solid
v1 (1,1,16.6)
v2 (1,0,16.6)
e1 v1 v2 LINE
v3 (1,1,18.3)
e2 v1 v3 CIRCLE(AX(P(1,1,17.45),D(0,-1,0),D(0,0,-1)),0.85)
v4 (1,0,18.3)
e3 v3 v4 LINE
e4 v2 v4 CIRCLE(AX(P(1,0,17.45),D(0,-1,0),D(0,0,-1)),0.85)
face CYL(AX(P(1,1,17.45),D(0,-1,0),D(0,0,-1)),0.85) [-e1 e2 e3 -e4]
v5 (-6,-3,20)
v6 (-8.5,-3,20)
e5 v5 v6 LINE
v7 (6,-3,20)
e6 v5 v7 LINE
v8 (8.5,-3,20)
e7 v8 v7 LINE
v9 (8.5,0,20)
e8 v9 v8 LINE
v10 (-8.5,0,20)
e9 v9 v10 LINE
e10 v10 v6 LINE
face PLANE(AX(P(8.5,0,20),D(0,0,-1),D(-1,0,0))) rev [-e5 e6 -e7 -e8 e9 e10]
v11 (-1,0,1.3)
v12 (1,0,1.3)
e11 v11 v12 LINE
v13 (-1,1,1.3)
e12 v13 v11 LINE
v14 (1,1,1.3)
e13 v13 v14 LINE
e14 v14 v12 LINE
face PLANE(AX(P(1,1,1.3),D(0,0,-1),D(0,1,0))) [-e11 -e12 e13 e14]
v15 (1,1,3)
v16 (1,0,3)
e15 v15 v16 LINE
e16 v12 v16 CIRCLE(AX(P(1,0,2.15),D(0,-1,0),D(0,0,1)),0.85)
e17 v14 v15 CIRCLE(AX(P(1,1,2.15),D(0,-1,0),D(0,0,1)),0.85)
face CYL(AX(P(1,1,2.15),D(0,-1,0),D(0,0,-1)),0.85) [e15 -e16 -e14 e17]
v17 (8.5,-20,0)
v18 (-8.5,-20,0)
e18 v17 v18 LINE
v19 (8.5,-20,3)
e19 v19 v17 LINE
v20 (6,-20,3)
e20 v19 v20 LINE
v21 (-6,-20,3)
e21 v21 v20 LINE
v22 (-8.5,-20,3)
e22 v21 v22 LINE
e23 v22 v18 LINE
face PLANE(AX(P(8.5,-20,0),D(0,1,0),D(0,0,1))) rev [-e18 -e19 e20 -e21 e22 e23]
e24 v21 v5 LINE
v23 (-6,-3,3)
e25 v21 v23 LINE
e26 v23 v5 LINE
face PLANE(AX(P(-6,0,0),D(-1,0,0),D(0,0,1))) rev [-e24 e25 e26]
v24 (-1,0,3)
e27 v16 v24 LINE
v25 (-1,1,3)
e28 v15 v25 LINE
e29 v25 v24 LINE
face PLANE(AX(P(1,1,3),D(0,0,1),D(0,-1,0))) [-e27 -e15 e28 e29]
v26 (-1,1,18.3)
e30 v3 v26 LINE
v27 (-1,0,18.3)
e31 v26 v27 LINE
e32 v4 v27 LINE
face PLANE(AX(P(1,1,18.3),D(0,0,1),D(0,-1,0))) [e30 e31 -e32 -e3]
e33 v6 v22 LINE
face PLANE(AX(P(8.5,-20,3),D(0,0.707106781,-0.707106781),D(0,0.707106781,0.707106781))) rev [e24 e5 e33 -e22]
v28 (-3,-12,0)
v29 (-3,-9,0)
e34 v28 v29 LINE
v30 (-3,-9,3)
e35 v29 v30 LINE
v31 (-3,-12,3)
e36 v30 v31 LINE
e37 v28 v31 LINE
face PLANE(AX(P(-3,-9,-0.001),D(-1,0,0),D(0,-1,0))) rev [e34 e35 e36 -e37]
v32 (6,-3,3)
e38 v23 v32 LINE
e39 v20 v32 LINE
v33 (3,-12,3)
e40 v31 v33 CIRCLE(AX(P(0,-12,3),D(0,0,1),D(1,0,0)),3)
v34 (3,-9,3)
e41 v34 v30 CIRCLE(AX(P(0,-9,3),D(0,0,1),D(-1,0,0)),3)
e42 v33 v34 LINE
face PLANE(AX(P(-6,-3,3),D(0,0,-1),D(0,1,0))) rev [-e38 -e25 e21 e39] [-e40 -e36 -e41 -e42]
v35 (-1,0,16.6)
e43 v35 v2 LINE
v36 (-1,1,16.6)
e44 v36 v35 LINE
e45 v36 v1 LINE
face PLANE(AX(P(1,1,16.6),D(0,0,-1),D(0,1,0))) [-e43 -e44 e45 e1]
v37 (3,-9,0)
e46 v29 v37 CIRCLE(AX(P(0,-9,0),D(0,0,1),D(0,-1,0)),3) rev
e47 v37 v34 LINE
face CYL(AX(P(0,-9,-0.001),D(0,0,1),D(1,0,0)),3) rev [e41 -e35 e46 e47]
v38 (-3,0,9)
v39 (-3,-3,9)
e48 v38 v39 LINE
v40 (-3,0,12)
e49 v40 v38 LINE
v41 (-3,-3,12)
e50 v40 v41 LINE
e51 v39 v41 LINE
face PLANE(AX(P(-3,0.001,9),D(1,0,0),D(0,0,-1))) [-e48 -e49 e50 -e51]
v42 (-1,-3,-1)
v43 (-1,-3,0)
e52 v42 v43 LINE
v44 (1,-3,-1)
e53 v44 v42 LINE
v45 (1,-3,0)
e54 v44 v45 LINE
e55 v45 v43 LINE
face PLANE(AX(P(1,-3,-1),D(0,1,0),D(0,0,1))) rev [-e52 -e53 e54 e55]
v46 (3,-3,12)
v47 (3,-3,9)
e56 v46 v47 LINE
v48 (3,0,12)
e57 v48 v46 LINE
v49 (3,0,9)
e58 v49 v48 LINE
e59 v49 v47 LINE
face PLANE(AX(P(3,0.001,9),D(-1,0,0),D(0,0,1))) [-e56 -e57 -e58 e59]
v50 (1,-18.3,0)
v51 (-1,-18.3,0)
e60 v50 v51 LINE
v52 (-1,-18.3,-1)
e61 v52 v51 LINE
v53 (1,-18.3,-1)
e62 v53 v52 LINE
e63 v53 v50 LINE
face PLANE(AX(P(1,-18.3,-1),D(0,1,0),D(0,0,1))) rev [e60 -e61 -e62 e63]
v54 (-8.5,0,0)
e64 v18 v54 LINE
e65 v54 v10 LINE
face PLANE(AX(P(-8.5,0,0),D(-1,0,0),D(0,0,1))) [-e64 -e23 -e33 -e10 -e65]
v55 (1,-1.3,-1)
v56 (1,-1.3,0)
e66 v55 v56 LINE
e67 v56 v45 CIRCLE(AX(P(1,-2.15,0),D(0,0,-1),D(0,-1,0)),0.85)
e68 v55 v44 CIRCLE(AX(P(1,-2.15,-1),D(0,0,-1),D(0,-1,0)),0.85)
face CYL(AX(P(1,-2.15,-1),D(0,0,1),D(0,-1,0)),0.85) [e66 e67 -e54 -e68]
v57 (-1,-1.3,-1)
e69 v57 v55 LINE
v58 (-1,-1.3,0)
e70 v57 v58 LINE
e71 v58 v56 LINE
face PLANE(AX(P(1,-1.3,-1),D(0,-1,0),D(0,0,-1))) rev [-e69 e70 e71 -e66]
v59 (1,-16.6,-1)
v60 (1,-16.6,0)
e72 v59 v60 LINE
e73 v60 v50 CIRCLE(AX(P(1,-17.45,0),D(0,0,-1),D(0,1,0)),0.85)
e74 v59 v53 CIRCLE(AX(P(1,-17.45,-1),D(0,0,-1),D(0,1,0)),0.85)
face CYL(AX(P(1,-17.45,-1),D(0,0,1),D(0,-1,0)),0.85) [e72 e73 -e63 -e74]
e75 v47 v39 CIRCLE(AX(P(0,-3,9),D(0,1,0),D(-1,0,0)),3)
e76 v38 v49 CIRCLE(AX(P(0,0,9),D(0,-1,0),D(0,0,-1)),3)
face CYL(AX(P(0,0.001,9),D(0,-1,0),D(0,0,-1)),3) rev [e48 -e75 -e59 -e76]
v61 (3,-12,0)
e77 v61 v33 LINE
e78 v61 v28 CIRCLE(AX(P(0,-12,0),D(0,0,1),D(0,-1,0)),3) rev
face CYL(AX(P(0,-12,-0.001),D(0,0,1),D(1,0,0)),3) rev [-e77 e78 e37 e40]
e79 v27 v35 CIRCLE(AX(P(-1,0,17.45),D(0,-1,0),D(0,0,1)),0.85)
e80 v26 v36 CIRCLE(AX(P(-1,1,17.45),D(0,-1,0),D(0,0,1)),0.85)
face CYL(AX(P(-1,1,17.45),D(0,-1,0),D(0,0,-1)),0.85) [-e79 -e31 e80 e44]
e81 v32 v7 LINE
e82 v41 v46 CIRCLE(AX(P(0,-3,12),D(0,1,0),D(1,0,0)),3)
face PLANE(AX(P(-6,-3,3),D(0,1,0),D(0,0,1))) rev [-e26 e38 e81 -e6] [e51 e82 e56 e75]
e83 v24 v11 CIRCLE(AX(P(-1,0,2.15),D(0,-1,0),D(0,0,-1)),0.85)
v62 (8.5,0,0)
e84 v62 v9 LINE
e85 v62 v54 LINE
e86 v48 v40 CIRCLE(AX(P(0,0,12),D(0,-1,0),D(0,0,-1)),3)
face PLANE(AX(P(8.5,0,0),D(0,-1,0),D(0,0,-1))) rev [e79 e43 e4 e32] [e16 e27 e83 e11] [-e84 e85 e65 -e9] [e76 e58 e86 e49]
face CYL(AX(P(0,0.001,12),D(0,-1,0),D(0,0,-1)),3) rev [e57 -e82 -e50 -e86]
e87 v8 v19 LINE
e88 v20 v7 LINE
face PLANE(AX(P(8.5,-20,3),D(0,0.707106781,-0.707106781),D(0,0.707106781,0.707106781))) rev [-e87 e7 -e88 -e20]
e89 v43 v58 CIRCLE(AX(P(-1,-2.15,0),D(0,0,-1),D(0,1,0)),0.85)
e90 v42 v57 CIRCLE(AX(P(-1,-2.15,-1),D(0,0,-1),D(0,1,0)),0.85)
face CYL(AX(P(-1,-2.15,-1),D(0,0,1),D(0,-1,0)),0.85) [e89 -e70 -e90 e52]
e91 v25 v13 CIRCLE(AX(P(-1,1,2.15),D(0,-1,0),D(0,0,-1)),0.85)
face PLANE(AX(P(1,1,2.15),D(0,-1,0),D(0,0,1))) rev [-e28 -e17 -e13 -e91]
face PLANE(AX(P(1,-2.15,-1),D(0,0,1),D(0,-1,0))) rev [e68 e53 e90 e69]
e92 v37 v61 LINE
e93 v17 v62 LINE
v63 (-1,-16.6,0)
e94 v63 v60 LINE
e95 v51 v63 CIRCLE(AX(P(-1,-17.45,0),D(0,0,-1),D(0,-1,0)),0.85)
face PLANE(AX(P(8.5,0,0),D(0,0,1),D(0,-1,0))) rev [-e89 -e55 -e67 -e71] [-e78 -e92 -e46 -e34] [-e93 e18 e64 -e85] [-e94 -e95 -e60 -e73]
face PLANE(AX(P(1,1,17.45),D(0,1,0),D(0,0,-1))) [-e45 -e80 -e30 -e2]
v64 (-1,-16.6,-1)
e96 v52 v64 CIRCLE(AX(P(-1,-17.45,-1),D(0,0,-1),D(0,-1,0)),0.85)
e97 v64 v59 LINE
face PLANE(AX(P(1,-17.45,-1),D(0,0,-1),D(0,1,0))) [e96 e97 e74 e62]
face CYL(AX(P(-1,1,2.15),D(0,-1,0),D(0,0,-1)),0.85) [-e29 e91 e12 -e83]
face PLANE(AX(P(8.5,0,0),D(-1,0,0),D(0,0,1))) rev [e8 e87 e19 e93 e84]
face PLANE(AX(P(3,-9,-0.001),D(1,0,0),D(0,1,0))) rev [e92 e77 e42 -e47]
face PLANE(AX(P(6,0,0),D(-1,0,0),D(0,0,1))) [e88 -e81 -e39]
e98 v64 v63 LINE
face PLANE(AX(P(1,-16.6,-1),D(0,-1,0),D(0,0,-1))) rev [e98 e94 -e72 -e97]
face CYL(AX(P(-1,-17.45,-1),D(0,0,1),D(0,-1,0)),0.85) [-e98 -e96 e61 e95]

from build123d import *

# Parameters (mm, degrees)
BOSS_EXTRUDE1_DEPTH = 8.5
SKETCH2_W           = 17
SKETCH2_H           = 17
CUT_EXTRUDE1_DEPTH  = 6
CUT_EXTRUDE2_DEPTH  = 3
BOSS_EXTRUDE2_DEPTH = 1


with BuildPart() as part:
    # Sketch1 → Boss-Extrude1 (new body, symmetric)
    with BuildSketch(Plane(origin=(0, 0, 0), x_dir=(0, 0, -1), z_dir=(1, 0, 0))):
        Polygon((0, 0), (-20, 0), (-20, -3), (-11.5, -11.5), (-3, -20), (0, -20), align=None)
    extrude(amount=BOSS_EXTRUDE1_DEPTH, both=True)

    # Sketch2 → Cut-Extrude1 (cut, symmetric)
    with BuildSketch(Plane(origin=(0, 0, 0), x_dir=(0, 0, -1), z_dir=(1, 0, 0))):
        with Locations((-11.5, -11.5)):
            Rectangle(SKETCH2_W, SKETCH2_H)
    extrude(amount=CUT_EXTRUDE1_DEPTH, both=True, mode=Mode.SUBTRACT)

    # Sketch3 → Cut-Extrude2 (cut)
    with BuildSketch(Plane.XY.offset(3)):
        with BuildLine():
            Line((-3, -9), (-3, -12))
            ThreePointArc((-3, -12), (0, -15), (3, -12))
            Line((3, -12), (3, -9))
            ThreePointArc((3, -9), (0, -6), (-3, -9))
        make_face()
    cut_extrude2 = extrude(amount=-CUT_EXTRUDE2_DEPTH, mode=Mode.SUBTRACT)

    # Sketch4 → Boss-Extrude2 (add)
    with BuildSketch(Plane(origin=(0, 0, 0), x_dir=(-1, 0, 0), z_dir=(0, 0, -1))):
        with BuildLine():
            Line((-1, -3), (1, -3))
            ThreePointArc((1, -3), (1.85, -2.15), (1, -1.3))
            Line((1, -1.3), (-1, -1.3))
            ThreePointArc((-1, -1.3), (-1.85, -2.15), (-1, -3))
        make_face()
        with BuildLine():
            Line((-1, -18.3), (1, -18.3))
            ThreePointArc((1, -18.3), (1.85, -17.45), (1, -16.6))
            Line((1, -16.6), (-1, -16.6))
            ThreePointArc((-1, -16.6), (-1.85, -17.45), (-1, -18.3))
        make_face()
    boss_extrude2 = extrude(amount=BOSS_EXTRUDE2_DEPTH)

    # Mirror1: Cut-Extrude2, Boss-Extrude2 across plane
    add(cut_extrude2.mirror(Plane(origin=(0, 0, 0), x_dir=(0, -0.707106781, 0.707106781), z_dir=(0, 0.707106781, 0.707106781))), mode=Mode.SUBTRACT)
    add(boss_extrude2.mirror(Plane(origin=(0, 0, 0), x_dir=(0, -0.707106781, 0.707106781), z_dir=(0, 0.707106781, 0.707106781))))


solid = part.part
